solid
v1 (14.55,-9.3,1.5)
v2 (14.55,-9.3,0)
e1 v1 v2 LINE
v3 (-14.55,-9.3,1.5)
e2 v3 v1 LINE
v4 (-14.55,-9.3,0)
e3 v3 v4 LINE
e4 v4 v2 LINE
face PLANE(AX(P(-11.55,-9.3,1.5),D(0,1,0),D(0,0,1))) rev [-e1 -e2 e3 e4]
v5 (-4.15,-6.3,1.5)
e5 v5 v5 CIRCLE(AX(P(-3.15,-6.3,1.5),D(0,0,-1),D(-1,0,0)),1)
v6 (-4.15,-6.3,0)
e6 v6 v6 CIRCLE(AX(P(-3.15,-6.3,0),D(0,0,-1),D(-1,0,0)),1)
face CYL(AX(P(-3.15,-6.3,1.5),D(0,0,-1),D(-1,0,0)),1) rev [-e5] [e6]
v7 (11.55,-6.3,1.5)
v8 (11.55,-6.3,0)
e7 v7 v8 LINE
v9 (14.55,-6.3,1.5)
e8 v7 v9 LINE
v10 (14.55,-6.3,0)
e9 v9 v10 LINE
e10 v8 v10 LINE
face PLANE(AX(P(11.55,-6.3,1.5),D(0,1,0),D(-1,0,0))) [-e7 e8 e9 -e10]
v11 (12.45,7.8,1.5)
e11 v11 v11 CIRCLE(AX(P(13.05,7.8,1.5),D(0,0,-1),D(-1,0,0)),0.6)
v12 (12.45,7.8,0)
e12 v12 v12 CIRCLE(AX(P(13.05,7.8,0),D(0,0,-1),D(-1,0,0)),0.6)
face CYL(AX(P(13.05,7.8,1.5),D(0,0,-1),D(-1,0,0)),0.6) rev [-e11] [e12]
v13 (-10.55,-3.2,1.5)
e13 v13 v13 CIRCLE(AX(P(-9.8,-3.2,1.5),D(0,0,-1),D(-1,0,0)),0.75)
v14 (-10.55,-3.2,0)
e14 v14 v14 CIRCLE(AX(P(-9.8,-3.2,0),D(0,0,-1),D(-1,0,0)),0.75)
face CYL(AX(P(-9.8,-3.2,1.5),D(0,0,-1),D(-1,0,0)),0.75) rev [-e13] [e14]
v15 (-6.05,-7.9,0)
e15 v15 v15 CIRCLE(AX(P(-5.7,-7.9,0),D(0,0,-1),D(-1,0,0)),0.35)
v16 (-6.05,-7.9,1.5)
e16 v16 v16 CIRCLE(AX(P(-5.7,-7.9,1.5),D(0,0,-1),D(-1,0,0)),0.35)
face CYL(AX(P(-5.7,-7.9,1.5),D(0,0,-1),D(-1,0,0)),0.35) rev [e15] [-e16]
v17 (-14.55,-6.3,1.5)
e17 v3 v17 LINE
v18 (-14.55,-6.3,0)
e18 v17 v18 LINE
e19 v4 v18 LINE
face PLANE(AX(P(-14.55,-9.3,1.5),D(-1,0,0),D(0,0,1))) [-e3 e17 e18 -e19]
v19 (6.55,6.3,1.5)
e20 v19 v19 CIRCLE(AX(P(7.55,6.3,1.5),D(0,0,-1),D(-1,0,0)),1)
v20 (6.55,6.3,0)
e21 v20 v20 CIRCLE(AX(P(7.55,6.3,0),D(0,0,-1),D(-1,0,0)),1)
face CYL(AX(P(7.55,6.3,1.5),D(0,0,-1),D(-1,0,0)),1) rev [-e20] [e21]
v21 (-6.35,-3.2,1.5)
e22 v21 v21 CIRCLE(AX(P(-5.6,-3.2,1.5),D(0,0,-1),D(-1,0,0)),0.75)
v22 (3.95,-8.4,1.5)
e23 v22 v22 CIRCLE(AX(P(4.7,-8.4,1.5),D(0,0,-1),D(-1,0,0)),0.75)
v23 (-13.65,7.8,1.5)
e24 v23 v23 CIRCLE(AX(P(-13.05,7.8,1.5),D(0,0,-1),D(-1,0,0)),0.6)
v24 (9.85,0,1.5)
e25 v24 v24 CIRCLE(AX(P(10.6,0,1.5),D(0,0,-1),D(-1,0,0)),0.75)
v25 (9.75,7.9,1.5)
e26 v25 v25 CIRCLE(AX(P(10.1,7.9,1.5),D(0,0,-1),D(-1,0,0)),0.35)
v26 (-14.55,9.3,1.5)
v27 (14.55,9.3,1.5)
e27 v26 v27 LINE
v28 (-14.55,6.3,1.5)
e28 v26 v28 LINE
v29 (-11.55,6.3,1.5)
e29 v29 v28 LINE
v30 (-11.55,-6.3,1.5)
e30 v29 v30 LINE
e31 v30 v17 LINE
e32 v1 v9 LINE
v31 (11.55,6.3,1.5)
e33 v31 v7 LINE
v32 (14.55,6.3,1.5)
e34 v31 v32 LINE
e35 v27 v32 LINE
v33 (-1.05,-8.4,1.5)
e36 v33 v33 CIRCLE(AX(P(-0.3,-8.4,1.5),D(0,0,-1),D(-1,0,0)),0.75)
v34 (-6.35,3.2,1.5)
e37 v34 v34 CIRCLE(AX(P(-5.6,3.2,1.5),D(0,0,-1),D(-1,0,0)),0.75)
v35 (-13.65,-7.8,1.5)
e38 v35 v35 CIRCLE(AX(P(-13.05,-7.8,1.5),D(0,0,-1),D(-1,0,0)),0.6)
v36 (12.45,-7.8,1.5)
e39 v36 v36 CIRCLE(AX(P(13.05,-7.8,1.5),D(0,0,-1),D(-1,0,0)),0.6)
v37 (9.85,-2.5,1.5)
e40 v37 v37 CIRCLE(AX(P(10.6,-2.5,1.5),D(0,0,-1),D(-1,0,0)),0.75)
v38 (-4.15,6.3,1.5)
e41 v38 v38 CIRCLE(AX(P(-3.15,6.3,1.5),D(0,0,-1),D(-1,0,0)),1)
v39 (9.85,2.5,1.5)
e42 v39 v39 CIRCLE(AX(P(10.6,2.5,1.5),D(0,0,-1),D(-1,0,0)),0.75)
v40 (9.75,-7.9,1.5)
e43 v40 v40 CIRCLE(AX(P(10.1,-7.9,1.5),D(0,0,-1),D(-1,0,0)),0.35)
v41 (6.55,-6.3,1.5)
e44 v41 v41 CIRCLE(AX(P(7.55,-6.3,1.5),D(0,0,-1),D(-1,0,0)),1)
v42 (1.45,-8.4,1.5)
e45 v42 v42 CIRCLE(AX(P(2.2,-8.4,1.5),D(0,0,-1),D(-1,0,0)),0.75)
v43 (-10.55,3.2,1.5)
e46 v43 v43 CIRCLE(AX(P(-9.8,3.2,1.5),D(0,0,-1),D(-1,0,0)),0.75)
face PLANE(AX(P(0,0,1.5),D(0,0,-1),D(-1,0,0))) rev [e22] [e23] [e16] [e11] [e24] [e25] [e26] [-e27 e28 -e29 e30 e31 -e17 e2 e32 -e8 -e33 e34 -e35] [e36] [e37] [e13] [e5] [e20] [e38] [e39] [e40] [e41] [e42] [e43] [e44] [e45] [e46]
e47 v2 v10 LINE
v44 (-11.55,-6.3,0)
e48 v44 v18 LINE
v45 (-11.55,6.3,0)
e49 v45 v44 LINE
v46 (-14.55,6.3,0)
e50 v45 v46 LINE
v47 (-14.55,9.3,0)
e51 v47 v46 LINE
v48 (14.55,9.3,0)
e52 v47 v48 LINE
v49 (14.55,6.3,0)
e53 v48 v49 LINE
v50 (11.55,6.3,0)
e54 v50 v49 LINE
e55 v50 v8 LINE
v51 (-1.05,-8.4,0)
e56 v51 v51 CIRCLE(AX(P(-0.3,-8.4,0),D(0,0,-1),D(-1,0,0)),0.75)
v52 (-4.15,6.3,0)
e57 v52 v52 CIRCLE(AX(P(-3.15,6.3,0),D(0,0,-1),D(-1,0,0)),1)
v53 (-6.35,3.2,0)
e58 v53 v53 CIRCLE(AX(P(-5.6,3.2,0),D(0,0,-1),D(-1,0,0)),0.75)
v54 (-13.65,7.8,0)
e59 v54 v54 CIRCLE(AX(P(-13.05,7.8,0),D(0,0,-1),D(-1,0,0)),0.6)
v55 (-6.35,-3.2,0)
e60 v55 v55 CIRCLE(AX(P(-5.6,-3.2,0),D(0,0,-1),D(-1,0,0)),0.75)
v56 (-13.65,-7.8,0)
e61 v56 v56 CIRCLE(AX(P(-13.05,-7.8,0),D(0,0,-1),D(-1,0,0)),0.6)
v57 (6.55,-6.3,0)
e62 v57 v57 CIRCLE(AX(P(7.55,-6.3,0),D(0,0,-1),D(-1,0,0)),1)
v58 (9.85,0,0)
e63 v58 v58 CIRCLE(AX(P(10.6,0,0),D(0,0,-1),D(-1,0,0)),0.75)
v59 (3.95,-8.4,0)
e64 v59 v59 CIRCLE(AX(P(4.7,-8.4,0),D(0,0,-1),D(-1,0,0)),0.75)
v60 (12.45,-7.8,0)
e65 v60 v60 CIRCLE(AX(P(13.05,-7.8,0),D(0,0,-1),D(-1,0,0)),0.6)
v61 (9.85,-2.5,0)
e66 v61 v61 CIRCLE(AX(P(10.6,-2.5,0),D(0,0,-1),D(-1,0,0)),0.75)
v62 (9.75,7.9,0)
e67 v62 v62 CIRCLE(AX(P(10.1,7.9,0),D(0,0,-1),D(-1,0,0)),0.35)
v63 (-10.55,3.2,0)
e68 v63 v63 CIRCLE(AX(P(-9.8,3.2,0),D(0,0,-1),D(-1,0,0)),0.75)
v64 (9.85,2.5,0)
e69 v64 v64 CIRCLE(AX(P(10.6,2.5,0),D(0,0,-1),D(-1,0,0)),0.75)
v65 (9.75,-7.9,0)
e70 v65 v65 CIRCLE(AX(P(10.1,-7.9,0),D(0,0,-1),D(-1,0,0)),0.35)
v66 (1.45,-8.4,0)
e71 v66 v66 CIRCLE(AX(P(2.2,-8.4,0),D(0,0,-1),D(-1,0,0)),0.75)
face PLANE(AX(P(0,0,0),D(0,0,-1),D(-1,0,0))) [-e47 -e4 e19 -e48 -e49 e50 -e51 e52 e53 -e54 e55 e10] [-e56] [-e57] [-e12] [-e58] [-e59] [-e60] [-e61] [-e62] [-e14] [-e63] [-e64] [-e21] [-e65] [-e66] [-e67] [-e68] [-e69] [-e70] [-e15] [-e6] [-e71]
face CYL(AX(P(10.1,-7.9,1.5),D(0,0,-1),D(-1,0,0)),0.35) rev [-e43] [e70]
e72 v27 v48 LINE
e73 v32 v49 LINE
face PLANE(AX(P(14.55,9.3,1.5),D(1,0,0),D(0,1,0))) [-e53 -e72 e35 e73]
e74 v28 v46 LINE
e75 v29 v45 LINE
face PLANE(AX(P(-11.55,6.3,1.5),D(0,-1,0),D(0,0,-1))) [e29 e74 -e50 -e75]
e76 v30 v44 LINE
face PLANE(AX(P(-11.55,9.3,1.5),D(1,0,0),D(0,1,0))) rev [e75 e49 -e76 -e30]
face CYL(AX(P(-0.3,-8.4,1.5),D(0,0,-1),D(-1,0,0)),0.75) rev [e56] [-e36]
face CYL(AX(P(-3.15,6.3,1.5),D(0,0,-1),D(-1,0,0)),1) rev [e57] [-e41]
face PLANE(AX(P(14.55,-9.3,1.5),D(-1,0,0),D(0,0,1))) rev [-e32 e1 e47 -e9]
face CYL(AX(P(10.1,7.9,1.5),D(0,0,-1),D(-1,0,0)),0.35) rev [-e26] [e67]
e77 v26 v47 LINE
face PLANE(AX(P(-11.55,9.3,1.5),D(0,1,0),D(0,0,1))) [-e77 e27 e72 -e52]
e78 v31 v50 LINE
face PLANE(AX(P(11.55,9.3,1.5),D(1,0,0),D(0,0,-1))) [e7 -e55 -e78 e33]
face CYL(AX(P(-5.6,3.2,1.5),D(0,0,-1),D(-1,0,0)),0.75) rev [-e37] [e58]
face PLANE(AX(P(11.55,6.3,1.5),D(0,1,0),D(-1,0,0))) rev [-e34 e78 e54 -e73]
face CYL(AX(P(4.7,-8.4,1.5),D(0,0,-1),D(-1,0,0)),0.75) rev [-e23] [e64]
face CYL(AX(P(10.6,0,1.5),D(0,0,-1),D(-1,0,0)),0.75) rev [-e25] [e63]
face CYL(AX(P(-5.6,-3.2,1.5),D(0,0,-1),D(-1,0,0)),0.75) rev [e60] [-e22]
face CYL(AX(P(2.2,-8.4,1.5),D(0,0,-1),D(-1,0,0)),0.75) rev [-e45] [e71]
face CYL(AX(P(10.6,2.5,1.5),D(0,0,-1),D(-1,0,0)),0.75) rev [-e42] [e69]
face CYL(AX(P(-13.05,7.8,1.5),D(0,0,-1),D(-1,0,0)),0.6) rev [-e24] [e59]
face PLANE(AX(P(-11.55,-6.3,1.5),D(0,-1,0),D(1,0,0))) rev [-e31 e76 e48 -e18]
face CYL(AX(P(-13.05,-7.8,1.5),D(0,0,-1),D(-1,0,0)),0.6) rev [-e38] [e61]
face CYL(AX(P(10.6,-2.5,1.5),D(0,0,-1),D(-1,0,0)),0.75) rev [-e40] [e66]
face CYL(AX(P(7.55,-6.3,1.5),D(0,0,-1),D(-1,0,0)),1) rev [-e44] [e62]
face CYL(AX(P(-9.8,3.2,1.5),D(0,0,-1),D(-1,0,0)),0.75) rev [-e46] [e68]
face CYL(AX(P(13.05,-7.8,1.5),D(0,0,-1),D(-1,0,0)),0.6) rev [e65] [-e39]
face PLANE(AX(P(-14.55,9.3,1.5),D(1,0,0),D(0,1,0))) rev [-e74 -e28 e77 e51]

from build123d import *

# Parameters (mm, degrees)
SKETCH_1_W          = 23.1
SKETCH_1_H          = 18.6
EXTRUDE_1_DEPTH     = 1.5
SKETCH_2_R          = 0.75
SKETCH_2_R_2        = 1
SKETCH_2_R_3        = 0.35
CUT_EXTRUDE_1_DEPTH = 15.904445646
SKETCH_3_W          = 3
SKETCH_3_H          = 3
SKETCH_3_R          = 0.6
EXTRUDE_2_DEPTH     = 1.5


with BuildPart() as part:
    # 草图1 → 凸台-拉伸1 (new body)
    with BuildSketch(Plane.XY):
        Rectangle(SKETCH_1_W, SKETCH_1_H)
    extrude(amount=EXTRUDE_1_DEPTH)

    # 草图2 → 切除-拉伸1 (cut, through all)
    with BuildSketch(Plane(origin=(0, 0, 0), x_dir=(-1, 0, 0), z_dir=(0, 0, -1))):
        with Locations((-10.6, 2.5)):
            Circle(SKETCH_2_R)
        with Locations((-10.6, 0)):
            Circle(SKETCH_2_R)
        with Locations((-10.6, -2.5)):
            Circle(SKETCH_2_R)
        with Locations((-7.55, -6.3)):
            Circle(SKETCH_2_R_2)
        with Locations((3.15, -6.3)):
            Circle(SKETCH_2_R_2)
        with Locations((-4.7, -8.4)):
            Circle(SKETCH_2_R)
        with Locations((-2.2, -8.4)):
            Circle(SKETCH_2_R)
        with Locations((0.3, -8.4)):
            Circle(SKETCH_2_R)
        with Locations((-7.55, 6.3)):
            Circle(SKETCH_2_R_2)
        with Locations((3.15, 6.3)):
            Circle(SKETCH_2_R_2)
        with Locations((5.6, 3.2)):
            Circle(SKETCH_2_R)
        with Locations((9.8, 3.2)):
            Circle(SKETCH_2_R)
        with Locations((5.6, -3.2)):
            Circle(SKETCH_2_R)
        with Locations((9.8, -3.2)):
            Circle(SKETCH_2_R)
        with Locations((5.7, -7.9)):
            Circle(SKETCH_2_R_3)
        with Locations((-10.1, -7.9)):
            Circle(SKETCH_2_R_3)
        with Locations((-10.1, 7.9)):
            Circle(SKETCH_2_R_3)
    extrude(amount=-CUT_EXTRUDE_1_DEPTH, mode=Mode.SUBTRACT)

    # 草图3 → 凸台-拉伸2 (add)
    # profile 1 of 4: a face of its own
    with BuildSketch(Plane(origin=(0, 0, 0), x_dir=(-1, 0, 0), z_dir=(0, 0, -1))):
        with Locations((-13.05, 7.8)):
            Rectangle(SKETCH_3_W, SKETCH_3_H)
        with Locations((-13.05, 7.8)):
            Circle(SKETCH_3_R, mode=Mode.SUBTRACT)
    # profile 2 of 4: a face of its own
    with BuildSketch(Plane(origin=(0, 0, 0), x_dir=(-1, 0, 0), z_dir=(0, 0, -1))):
        with Locations((-13.05, -7.8)):
            Rectangle(SKETCH_3_W, SKETCH_3_H)
        with Locations((-13.05, -7.8)):
            Circle(SKETCH_3_R, mode=Mode.SUBTRACT)
    # profile 3 of 4: a face of its own
    with BuildSketch(Plane(origin=(0, 0, 0), x_dir=(-1, 0, 0), z_dir=(0, 0, -1))):
        with Locations((13.05, 7.8)):
            Rectangle(SKETCH_3_W, SKETCH_3_H)
        with Locations((13.05, 7.8)):
            Circle(SKETCH_3_R, mode=Mode.SUBTRACT)
    # profile 4 of 4: a face of its own
    with BuildSketch(Plane(origin=(0, 0, 0), x_dir=(-1, 0, 0), z_dir=(0, 0, -1))):
        with Locations((13.05, -7.8)):
            Rectangle(SKETCH_3_W, SKETCH_3_H)
        with Locations((13.05, -7.8)):
            Circle(SKETCH_3_R, mode=Mode.SUBTRACT)
    extrude(amount=-EXTRUDE_2_DEPTH)


solid = part.part
